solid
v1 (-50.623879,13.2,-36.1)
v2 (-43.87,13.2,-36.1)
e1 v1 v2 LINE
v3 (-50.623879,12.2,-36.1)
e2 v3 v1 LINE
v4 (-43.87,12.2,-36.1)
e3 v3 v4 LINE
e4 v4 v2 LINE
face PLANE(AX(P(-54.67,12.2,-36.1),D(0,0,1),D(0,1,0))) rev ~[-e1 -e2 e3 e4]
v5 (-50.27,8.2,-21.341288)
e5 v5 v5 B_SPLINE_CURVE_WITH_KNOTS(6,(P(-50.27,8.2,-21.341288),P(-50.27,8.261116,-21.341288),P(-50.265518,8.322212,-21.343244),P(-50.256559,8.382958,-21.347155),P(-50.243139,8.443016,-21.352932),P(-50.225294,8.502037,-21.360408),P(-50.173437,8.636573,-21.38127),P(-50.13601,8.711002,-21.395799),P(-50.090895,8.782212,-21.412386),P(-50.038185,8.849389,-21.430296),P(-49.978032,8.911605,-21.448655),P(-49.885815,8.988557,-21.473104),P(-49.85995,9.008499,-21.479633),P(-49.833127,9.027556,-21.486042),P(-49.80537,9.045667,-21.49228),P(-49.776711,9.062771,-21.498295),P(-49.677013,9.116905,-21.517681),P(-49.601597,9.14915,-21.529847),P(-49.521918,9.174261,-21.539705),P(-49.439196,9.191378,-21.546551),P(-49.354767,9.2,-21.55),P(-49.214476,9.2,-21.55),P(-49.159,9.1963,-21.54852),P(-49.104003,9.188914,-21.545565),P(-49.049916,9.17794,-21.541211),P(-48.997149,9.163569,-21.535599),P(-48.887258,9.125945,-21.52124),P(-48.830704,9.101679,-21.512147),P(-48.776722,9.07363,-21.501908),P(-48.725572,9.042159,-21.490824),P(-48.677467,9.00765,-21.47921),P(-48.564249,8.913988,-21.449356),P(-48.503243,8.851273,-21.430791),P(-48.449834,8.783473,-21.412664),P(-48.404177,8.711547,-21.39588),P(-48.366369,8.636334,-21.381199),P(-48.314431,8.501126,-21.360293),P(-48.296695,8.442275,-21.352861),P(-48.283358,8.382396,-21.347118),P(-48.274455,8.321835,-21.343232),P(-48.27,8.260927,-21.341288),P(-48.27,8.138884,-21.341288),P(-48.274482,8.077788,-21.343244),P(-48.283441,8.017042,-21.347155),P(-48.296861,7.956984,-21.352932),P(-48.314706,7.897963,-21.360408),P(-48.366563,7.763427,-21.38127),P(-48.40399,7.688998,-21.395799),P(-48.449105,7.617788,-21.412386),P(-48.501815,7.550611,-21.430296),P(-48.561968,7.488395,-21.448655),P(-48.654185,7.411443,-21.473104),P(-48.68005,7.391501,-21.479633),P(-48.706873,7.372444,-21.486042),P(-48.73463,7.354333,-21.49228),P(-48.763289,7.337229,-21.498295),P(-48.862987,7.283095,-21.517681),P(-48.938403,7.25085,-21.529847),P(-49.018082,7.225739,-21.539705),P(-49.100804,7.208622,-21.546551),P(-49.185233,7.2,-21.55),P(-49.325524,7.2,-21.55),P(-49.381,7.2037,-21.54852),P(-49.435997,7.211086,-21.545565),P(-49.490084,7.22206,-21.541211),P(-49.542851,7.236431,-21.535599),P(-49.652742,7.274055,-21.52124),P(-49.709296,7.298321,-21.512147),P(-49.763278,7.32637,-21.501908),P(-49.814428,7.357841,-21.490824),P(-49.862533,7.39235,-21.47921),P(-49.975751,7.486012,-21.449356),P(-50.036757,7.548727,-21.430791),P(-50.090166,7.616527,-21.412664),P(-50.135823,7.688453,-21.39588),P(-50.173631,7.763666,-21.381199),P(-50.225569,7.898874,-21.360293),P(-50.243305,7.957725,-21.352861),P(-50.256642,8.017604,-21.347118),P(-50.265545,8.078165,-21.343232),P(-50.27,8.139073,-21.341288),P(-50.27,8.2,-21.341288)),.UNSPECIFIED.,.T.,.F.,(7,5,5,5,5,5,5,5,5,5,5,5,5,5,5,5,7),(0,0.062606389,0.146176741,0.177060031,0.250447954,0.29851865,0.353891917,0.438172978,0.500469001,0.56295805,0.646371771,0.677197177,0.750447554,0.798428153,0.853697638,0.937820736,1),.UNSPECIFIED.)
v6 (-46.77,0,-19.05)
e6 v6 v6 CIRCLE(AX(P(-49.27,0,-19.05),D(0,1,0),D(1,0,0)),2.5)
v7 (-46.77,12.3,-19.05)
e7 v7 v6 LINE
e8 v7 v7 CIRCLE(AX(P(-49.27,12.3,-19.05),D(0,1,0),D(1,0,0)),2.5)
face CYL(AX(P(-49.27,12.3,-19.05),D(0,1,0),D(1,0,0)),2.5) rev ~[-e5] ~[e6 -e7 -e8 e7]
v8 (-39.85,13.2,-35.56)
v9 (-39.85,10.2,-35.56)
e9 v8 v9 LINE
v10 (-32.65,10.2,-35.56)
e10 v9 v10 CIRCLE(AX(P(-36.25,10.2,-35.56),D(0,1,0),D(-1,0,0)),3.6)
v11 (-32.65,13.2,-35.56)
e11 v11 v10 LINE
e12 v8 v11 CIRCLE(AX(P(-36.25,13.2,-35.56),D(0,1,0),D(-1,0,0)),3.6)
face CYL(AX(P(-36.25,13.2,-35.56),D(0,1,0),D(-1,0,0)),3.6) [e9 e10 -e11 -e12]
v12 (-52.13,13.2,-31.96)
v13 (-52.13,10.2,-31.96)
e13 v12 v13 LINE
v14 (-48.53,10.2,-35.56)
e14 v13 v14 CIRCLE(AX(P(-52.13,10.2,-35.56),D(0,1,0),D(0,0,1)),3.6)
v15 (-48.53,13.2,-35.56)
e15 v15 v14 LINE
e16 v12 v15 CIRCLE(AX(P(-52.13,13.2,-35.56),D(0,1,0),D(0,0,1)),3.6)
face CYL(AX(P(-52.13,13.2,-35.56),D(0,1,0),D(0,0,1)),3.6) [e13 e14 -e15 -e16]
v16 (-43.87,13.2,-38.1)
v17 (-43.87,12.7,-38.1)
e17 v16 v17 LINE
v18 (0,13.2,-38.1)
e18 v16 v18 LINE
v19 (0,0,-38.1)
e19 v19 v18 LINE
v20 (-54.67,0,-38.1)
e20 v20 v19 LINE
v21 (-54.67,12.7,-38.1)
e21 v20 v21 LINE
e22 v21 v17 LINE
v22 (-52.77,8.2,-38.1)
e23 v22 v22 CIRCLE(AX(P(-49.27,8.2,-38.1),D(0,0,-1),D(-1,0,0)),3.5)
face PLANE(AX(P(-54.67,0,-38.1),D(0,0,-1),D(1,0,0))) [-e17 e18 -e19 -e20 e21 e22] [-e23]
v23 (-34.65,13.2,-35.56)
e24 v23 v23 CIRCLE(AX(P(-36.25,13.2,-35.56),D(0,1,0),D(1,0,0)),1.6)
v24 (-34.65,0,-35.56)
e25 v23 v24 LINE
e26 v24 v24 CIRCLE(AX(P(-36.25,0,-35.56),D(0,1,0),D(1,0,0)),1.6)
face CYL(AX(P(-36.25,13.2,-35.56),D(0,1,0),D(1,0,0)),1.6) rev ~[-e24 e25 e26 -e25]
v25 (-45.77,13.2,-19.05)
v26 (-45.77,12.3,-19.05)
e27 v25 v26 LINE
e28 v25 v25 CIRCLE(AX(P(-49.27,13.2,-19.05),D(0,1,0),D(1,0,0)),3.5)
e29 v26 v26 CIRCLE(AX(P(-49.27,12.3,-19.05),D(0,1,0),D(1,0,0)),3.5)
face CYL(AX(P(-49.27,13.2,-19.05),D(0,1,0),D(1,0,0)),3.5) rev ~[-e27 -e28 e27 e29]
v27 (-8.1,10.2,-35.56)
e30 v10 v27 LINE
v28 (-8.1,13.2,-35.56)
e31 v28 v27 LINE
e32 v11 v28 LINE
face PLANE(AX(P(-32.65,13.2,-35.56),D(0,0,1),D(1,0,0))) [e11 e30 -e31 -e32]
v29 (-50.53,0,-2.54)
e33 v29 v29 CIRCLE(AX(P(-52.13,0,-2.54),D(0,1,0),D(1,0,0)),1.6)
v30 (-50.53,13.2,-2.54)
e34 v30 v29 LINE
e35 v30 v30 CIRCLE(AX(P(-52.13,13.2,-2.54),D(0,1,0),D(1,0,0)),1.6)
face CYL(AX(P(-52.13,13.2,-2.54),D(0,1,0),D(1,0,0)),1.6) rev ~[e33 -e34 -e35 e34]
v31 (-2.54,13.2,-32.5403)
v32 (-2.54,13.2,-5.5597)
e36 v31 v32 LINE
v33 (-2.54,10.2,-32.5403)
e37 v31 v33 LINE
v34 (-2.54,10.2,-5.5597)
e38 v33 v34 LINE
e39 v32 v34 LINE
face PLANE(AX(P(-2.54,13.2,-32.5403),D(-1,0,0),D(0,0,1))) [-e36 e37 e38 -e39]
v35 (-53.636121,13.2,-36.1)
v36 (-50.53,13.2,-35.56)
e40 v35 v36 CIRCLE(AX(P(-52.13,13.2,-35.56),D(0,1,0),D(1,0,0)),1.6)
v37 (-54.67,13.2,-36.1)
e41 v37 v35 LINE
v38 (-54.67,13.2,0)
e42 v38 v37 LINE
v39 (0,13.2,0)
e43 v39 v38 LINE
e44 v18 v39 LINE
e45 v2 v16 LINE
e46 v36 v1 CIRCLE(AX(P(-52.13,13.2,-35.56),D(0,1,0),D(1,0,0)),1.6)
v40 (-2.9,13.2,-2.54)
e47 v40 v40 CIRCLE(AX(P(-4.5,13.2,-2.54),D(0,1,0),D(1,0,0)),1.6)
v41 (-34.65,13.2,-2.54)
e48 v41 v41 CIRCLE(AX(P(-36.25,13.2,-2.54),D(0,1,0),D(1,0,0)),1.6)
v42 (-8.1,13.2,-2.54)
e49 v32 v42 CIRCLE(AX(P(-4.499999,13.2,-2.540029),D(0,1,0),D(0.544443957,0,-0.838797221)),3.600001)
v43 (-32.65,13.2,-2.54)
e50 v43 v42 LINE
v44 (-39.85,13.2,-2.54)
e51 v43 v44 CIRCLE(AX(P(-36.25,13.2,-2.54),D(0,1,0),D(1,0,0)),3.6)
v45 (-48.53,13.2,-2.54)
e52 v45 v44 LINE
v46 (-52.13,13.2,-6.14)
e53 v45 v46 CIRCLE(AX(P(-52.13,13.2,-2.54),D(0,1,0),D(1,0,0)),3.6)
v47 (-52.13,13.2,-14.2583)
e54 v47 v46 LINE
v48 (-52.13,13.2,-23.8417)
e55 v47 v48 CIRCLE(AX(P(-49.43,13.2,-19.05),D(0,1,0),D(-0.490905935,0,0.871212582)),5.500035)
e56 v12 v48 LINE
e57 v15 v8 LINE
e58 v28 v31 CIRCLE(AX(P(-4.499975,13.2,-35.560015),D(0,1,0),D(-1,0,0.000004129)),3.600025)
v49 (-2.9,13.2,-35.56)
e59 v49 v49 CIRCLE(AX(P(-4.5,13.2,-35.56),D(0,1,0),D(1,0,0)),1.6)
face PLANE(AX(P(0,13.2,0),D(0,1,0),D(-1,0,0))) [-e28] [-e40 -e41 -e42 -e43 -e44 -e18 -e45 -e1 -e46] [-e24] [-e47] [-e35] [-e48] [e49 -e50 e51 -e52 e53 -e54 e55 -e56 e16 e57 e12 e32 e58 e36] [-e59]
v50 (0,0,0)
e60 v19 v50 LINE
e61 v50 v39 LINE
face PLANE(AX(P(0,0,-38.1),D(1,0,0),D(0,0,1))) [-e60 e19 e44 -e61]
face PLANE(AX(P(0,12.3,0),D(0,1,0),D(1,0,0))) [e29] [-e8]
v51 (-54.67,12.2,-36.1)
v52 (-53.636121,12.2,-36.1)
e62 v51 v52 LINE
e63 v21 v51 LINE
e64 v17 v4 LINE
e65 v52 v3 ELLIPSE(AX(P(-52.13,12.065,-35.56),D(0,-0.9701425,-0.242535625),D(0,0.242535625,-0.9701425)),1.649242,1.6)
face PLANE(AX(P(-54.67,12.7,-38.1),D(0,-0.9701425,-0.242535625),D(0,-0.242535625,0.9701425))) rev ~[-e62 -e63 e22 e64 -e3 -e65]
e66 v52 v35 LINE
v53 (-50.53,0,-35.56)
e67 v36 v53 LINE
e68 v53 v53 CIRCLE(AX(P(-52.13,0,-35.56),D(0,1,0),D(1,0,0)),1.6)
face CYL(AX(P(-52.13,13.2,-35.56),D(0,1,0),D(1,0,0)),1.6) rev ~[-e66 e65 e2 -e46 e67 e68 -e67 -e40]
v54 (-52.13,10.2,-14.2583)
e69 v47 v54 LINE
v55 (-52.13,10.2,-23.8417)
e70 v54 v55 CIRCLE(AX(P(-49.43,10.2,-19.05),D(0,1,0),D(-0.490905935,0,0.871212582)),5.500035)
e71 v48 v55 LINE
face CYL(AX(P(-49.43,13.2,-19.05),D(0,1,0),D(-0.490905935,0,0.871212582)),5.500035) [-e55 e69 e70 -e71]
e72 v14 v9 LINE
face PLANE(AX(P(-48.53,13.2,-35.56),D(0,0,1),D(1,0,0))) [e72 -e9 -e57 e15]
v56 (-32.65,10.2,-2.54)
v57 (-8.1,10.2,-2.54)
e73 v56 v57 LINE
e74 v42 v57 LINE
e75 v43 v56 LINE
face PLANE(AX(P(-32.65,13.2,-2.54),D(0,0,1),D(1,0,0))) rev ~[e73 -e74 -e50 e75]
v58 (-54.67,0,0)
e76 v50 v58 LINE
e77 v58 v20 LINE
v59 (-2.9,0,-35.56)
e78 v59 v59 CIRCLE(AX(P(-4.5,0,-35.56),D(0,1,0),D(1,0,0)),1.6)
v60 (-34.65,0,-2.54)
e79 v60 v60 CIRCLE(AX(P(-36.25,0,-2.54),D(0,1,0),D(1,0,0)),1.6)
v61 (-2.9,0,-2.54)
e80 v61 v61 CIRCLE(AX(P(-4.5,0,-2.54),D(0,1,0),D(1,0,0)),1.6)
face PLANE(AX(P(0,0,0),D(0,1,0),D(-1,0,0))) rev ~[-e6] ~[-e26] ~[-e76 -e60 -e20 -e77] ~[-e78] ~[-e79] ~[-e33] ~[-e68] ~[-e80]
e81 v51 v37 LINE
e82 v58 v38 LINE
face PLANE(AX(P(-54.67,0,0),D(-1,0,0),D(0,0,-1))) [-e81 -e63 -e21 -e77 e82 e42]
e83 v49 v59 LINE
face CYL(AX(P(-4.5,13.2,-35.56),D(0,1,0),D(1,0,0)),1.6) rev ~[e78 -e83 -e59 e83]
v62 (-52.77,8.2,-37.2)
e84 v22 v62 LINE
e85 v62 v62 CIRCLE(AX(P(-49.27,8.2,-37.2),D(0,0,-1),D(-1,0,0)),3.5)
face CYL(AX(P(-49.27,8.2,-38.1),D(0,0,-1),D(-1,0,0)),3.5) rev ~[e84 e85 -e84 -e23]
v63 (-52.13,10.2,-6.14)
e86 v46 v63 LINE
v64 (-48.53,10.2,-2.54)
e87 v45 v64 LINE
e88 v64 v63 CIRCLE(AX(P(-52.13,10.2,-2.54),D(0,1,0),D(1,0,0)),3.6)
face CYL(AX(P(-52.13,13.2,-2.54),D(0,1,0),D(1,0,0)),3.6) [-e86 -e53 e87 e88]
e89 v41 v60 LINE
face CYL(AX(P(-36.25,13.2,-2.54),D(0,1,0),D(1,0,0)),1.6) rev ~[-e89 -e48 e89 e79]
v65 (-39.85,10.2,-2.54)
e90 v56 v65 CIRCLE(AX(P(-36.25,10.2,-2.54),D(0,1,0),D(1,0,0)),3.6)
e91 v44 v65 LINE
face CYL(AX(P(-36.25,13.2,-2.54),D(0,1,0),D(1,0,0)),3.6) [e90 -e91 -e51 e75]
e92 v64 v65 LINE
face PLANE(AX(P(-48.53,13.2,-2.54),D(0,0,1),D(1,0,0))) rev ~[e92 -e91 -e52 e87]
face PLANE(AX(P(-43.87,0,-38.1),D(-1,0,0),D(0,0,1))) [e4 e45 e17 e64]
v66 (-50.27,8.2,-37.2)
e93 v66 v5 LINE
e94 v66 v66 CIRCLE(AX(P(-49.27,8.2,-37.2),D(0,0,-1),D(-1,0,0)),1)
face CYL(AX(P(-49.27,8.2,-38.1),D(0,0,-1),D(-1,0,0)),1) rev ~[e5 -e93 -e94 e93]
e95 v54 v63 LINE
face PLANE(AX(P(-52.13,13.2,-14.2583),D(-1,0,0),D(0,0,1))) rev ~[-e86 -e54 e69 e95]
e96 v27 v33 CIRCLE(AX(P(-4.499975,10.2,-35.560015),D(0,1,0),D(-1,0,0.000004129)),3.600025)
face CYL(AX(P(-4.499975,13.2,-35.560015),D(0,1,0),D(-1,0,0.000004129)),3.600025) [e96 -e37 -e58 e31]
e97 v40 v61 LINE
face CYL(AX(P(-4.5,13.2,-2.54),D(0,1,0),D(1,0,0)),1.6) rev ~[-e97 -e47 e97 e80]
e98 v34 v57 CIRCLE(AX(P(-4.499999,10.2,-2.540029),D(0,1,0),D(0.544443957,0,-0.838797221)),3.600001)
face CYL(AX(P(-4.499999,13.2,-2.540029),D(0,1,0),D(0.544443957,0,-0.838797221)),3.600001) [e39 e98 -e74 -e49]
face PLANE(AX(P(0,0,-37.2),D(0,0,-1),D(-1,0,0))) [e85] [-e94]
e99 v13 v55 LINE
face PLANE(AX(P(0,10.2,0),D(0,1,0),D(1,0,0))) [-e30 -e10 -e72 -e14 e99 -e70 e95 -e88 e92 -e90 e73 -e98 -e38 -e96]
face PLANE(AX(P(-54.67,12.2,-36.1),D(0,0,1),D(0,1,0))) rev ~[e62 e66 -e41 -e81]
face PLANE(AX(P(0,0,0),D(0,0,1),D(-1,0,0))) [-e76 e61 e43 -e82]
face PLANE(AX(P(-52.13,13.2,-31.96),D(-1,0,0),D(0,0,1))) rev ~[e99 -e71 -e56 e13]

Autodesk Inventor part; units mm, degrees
ref_plane "YZ Plane" through (0, 0, 0) normal (1, 0, 0) x (0, 1, 0)
ref_plane "XZ Plane" through (0, 0, 0) normal (0, 1, 0) x (-1, 0, 0)
ref_plane "XY Plane" through (0, 0, 0) normal (0, 0, 1) x (1, 0, 0)
sketch "Sketch1" plane through (0, 0, 0) normal (0, 1, 0) x (-1, 0, 0)
  line L0 (0, 0) -> (54.67, 0)
  line L1 (54.67, 0) -> (54.67, -38.1)
  line L2 (54.67, -38.1) -> (0, -38.1)
  line L3 (0, -38.1) -> (0, 0)
  dimension "d0" = 54.67
  dimension "d1" = 38.1
extrude "Extrusion1" add sketch "Sketch1" along normal blind 13.2
sketch "Sketch2" plane through (0, 13.2, 0) normal (0, 1, 0) x (1, 0, 0)
  circle A0 centre (-52.13, 2.54) radius 1.6
  circle A1 centre (-36.25, 2.54) radius 1.6
  circle A2 centre (-4.5, 2.54) radius 1.6
  circle A3 centre (-52.13, 35.56) radius 1.6
  circle A4 centre (-36.25, 35.56) radius 1.6
  circle A5 centre (-4.5, 35.56) radius 1.6
  line L0 (-54.67, 0) -> (0, 0)
  line L1 (0, 38.1) -> (-54.67, 38.1)
  line L2 (-54.67, 38.1) -> (-54.67, 0)
  line L3 (0, 0) -> (0, 38.1)
  dimension "d4" = 3.2
  dimension "d5" = 3.2
  dimension "d6" = 3.2
  dimension "d7" = 3.2
  dimension "d8" = 3.2
  dimension "d9" = 3.2
  dimension "d10" = 2.54
  dimension "d11" = 2.54
  dimension "d12" = 2.54
  dimension "d13" = 2.54
  dimension "d14" = 2.54
  dimension "d15" = 2.54
  dimension "d16" = 2.54
  dimension "d17" = 4.5
  dimension "d18" = 36.25
  dimension "d19" = 4.5
  dimension "d20" = 36.25
  dimension "d21" = 2.54
extrude "Extrusion2" cut sketch "Sketch2" against normal through all contours A0 | A1 | A2 | A3 | A4 | A5
sketch "Sketch3" plane through (0, 13.2, 0) normal (0, 1, 0) x (1, 0, 0)
  arc A0 (-52.13, 31.96) -> (-48.53, 35.56) centre (-52.13, 35.56) ccw
  arc A1 (-39.85, 35.56) -> (-32.65, 35.56) centre (-36.25, 35.56) ccw
  arc A2 (-8.1, 35.56) -> (-2.54, 32.5403) centre (-4.5, 35.56) ccw
  arc A3 (-2.54, 5.5597) -> (-8.1, 2.54) centre (-4.5, 2.54) ccw
  arc A4 (-32.65, 2.54) -> (-39.85, 2.54) centre (-36.25, 2.54) ccw
  arc A5 (-48.53, 2.54) -> (-52.13, 6.14) centre (-52.13, 2.54) ccw
  arc A6 (-52.13, 14.2583) -> (-52.13, 23.8417) centre (-49.43, 19.05) ccw
  line L0 (-48.53, 35.56) -> (-39.85, 35.56)
  line L1 (-32.65, 35.56) -> (-8.1, 35.56)
  line L2 (-2.54, 32.5403) -> (-2.54, 5.5597)
  line L3 (-52.13, 14.2583) -> (-52.13, 6.14)
  line L4 (-48.53, 2.54) -> (-39.85, 2.54)
  line L5 (-32.65, 2.54) -> (-8.1, 2.54)
  line L6 (0, 0) -> (0, 38.1)
  line L7 (0, 38.1) -> (-54.67, 38.1)
  line L8 (-54.67, 0) -> (0, 0)
  line L9 (-54.67, 38.1) -> (-54.67, 0)
  line L10 (-52.13, 31.96) -> (-52.13, 23.8417)
  dimension "d24" = 4.5
  dimension "d25" = 2.54
  dimension "d26" = 2.54
  dimension "d27" = 4.5
  dimension "d28" = 2.54
  dimension "d29" = 36.25
  dimension "d30" = 15.88
  dimension "d31" = 36.25
  dimension "d32" = 15.88
  dimension "d33" = 2.54
  dimension "d34" = 2.54
  dimension "d35" = 2.54
  dimension "d36" = 3.6
  dimension "d37" = 3.6
  dimension "d38" = 3.6
  dimension "d39" = 3.6
  dimension "d40" = 3.6
  dimension "d41" = 3.6
  dimension "d42" = 2.54
  dimension "d43" = 2.54
  dimension "d44" = 2.54
  dimension "d45" = 2.54
  dimension "d46" = 2.54
  dimension "d47" = 2.54
  dimension "d48" = 2.54
  dimension "d49" = 5.24
  dimension "d50" = 19.05
  dimension "d51" = 5.5
extrude "Extrusion3" cut sketch "Sketch3" against normal blind 3 contours A0 L0 A1 L1 A2 L2 A3 L5 A4 L4 A5 L3 A6 L10
sketch "Sketch5" plane through (0, 13.2, 0) normal (0, 1, 0) x (1, 0, 0)
  circle A0 centre (-49.27, 19.05) radius 3.5
  line L0 (-54.67, 38.1) -> (-54.67, 0) projected
  line L1 (-54.67, 0) -> (0, 0) projected
  dimension "d61" = 7
  dimension "d62" = 5.4
  dimension "d63" = 19.05
extrude "Extrusion5" cut sketch "Sketch5" against normal blind 0.9
sketch "Sketch15" plane through (-49.27, 12.3, -19.05) normal (0, 1, 0) x (1, 0, 0)
  circle A0 centre (0, 0) radius 2.5
  line L0 (-5.4, 19.05) -> (-5.4, -19.05) projected
  line L1 (49.27, 19.05) -> (-5.4, 19.05) projected
  point P0 (49.27, -19.05)
  dimension "d116" = 5
  dimension "d117" = 5.4
  dimension "d118" = 19.05
extrude "Extrusion13" cut sketch "Sketch15" against normal through all
sketch "Sketch18" plane through (0, 0, -38.1) normal (0, 0, -1) x (-1, 0, 0)
  circle A0 centre (49.27, 8.2) radius 1
  line L0 (54.67, 0) -> (54.67, 13.2) projected
  line L1 (0, 13.2) -> (54.67, 13.2) projected
  point P0 (0, 0)
  dimension "d124" = 2
  dimension "d125" = 5.4
  dimension "d126" = 5
extrude "Extrusion14" cut sketch "Sketch18" against normal blind 19
sketch "Sketch20" plane through (-54.67, 0, -38.1) normal (-1, 0, 0) x (0, 0, 1)
  line L0 (2, 13.2) -> (0, 13.2)
  line L1 (0, 13.2) -> (0, 12.7)
  line L2 (0, 12.7) -> (2, 12.2)
  line L3 (2, 12.2) -> (2, 13.2)
  point P0 (38.1, 0)
  dimension "d129" = 0.5
  dimension "d130" = 1
  dimension "d131" = 2
extrude "Extrusion15" cut sketch "Sketch20" against normal blind 10.8
sketch "Sketch21" plane through (0, 0, -38.1) normal (0, 0, -1) x (-1, 0, 0)
  circle A0 centre (49.27, 8.2) radius 3.5
  line L0 (54.67, 0) -> (54.67, 12.7) projected
  line L1 (43.87, 13.2) -> (50.6239, 13.2) projected
  point P0 (0, 0)
  dimension "d134" = 7
  dimension "d135" = 5.4
  dimension "d136" = 5
extrude "Extrusion16" cut sketch "Sketch21" against normal blind 0.9
properties part number "HousingVX"
